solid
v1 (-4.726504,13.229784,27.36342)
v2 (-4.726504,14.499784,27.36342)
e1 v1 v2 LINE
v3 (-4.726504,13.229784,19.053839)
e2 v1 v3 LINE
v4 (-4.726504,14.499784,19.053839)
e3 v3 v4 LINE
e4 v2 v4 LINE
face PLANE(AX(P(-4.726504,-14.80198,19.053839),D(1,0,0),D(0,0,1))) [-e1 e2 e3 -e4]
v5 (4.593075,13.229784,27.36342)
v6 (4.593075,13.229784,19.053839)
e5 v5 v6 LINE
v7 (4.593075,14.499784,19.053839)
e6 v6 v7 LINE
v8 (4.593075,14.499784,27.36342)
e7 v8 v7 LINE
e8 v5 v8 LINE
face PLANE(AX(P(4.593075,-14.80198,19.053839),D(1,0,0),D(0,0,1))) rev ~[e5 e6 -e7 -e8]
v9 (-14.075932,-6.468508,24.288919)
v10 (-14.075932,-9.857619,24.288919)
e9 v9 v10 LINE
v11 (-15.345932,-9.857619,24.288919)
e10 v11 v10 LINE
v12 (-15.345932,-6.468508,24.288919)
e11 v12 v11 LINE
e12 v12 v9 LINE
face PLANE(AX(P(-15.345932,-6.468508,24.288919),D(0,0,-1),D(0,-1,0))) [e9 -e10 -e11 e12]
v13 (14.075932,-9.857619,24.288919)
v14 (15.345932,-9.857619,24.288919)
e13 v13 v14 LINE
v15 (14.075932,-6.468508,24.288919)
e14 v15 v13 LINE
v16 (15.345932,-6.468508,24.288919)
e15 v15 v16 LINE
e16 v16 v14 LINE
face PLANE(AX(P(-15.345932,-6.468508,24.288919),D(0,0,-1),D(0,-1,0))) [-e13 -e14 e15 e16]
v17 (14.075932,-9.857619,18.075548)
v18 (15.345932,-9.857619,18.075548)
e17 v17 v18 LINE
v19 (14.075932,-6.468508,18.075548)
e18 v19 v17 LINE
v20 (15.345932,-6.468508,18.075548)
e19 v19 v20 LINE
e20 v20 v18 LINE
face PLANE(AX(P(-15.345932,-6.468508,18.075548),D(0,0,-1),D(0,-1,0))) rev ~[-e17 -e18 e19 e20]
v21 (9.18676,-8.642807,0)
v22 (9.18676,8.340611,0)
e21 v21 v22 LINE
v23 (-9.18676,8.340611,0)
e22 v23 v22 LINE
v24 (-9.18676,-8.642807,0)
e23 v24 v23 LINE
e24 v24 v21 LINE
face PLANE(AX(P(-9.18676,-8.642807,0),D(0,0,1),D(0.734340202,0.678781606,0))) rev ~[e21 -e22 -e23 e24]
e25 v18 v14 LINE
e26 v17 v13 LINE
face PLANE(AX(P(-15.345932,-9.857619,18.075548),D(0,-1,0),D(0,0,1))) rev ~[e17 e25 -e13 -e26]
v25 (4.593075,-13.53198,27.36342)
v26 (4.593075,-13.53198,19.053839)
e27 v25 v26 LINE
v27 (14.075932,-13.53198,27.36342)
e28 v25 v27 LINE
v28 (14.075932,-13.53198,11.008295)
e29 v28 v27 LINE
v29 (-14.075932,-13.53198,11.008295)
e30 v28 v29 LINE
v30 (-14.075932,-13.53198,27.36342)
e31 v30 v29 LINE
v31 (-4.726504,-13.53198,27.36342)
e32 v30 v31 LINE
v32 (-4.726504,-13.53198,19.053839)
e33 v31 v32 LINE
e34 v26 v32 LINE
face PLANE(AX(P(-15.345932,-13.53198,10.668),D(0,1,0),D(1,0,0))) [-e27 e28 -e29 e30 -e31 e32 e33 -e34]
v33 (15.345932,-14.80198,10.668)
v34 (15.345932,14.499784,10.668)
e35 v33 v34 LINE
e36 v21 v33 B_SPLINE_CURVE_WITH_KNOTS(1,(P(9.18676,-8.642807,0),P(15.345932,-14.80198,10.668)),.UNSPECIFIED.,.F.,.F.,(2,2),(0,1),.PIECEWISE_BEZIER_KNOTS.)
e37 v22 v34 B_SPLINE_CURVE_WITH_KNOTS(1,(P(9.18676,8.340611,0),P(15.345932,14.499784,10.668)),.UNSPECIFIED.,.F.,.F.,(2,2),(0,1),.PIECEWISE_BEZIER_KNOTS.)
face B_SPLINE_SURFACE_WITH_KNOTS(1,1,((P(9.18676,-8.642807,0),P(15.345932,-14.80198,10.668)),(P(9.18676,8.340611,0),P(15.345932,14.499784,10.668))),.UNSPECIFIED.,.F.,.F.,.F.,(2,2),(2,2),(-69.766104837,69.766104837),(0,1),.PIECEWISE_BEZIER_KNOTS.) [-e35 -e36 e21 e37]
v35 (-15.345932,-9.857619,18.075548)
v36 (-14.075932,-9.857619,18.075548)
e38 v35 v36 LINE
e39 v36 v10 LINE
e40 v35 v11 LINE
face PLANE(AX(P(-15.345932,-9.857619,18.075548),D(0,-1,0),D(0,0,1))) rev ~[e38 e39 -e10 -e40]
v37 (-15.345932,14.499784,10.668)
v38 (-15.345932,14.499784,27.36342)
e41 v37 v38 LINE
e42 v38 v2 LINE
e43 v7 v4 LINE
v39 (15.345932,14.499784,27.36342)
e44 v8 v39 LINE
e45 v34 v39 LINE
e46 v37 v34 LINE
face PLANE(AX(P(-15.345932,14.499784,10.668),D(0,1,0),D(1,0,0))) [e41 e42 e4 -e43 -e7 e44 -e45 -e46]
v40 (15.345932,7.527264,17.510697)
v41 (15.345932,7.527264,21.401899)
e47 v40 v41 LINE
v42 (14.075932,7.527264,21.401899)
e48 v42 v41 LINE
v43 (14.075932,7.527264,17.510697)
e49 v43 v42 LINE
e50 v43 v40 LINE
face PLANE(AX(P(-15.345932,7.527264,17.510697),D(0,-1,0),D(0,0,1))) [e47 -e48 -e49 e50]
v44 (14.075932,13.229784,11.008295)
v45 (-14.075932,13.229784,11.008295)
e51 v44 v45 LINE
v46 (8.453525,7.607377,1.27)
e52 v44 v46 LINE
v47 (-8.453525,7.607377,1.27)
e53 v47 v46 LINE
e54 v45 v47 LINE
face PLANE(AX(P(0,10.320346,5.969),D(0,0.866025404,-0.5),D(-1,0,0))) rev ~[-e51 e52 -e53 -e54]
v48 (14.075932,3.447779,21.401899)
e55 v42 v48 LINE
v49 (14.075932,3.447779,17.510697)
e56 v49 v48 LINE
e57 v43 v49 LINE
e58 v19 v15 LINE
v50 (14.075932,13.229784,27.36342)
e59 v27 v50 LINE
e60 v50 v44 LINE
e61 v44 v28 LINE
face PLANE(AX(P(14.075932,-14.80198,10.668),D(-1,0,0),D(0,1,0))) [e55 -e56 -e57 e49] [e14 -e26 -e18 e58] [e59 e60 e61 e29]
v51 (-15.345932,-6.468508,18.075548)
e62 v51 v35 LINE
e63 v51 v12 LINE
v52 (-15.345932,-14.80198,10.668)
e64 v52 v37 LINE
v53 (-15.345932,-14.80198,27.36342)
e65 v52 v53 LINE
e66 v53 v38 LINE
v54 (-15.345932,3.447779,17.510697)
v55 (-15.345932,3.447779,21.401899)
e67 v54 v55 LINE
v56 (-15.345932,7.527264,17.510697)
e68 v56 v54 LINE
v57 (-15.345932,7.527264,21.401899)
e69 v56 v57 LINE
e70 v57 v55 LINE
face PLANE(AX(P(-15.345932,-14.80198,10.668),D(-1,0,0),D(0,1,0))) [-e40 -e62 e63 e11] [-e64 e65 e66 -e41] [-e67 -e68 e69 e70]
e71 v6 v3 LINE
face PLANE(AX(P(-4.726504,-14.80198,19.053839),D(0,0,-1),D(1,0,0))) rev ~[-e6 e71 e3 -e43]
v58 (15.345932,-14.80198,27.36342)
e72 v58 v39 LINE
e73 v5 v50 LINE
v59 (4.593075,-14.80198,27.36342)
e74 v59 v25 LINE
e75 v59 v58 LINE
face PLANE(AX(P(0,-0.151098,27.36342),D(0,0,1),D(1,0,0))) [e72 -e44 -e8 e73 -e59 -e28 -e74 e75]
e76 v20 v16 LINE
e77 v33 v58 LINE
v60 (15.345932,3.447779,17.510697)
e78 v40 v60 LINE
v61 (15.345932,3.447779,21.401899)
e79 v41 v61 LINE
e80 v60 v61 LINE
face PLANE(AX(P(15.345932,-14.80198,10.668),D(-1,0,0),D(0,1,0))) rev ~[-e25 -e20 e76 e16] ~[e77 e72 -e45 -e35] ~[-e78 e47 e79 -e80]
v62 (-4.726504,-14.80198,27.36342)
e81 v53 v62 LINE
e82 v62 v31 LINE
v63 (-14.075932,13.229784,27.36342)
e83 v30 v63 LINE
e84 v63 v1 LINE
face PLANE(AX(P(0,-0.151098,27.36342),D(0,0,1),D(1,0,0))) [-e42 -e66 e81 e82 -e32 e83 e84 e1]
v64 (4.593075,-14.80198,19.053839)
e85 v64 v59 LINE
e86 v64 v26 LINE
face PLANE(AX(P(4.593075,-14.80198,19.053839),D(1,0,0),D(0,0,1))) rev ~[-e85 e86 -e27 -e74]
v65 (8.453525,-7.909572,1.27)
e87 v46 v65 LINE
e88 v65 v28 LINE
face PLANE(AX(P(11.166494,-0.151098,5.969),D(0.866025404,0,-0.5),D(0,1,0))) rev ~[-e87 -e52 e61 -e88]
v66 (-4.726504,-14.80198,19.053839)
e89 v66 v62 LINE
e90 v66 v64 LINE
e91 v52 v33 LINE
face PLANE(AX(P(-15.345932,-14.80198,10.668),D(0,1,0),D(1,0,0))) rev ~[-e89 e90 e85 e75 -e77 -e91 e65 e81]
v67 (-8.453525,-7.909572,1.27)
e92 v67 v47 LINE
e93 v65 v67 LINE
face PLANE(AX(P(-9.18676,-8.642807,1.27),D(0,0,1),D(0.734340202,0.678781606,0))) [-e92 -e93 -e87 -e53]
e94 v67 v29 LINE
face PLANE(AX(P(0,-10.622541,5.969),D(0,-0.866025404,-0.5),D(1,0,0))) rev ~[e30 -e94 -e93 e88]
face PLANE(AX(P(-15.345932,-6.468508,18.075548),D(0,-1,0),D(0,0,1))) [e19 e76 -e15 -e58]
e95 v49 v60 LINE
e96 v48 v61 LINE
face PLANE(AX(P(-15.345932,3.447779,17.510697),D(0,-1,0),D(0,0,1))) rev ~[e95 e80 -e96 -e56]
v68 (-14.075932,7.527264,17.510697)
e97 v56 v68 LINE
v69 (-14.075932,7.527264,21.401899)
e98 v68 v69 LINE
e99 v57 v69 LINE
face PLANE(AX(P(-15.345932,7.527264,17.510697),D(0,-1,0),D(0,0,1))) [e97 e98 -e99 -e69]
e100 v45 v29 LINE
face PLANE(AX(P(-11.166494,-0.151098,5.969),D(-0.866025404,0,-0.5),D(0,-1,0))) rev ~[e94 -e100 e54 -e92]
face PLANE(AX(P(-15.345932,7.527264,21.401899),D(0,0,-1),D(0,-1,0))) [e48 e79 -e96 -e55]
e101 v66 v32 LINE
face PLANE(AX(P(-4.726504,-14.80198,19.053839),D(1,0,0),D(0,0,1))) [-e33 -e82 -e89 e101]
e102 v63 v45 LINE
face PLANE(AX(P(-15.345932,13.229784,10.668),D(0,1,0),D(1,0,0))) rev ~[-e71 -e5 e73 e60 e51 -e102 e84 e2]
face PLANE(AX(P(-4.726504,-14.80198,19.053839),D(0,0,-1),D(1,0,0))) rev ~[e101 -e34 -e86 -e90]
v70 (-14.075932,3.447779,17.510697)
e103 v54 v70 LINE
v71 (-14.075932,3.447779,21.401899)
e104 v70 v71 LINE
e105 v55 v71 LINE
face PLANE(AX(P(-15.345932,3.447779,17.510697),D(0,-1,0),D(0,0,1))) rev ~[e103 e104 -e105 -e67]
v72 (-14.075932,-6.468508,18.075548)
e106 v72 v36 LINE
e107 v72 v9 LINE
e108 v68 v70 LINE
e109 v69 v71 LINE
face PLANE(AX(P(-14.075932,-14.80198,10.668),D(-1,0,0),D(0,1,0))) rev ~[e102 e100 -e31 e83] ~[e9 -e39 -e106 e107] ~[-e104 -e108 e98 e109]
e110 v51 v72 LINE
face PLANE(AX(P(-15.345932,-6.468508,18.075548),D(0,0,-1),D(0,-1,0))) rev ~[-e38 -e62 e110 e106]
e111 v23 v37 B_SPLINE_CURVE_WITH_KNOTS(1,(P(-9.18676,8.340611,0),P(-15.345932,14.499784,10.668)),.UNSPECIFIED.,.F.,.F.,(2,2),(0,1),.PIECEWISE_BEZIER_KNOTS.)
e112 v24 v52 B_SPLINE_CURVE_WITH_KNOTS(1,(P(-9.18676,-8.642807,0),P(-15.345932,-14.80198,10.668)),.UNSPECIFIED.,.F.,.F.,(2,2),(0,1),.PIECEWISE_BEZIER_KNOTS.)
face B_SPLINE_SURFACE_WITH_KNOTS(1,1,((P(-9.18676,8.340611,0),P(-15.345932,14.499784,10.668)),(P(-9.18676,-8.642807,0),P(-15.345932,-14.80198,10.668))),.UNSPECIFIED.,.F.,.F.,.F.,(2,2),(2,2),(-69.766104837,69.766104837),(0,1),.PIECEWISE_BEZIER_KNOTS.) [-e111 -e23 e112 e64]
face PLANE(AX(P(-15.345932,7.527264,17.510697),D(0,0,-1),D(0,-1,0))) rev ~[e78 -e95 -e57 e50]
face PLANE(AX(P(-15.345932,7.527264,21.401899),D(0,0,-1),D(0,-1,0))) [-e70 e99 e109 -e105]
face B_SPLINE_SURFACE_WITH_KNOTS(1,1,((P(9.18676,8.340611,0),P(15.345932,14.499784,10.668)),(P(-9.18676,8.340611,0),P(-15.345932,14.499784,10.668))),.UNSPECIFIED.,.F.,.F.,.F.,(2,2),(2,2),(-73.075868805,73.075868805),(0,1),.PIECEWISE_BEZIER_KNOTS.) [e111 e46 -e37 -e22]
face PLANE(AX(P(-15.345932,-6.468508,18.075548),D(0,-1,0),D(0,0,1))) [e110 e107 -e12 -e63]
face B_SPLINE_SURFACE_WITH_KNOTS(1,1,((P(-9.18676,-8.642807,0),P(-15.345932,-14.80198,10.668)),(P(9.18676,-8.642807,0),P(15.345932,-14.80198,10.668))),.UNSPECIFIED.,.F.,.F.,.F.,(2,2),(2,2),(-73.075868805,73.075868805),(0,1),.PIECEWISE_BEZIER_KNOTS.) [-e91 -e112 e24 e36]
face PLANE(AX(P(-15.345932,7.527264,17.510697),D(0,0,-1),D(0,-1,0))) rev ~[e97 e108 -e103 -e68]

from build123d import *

# Parameters (mm, degrees)
F0_W      = 87.4929502606
F0_H      = 80.8734223247
F1_DEPTH  = 50.8
F1_TAPER  = -30
F3_W      = 88.9319777489
F3_H      = 89.219789952
F2_W      = 146.1517376103
F2_H      = 139.5322096743
F4_DEPTH  = 79.502
F6_SCALE  = 0.21
F7_T      = -1.27
F8_W      = 4.72650351
F8_H      = 8.3095808529
F8_W_2    = 4.5930747874
F9_DEPTH  = 29.3027641316
F10_W     = 3.3891107887
F10_H     = 6.2133707106
F10_W_2   = 4.0794850793
F10_H_2   = 3.8912016898
F11_DEPTH = 30.6928649982


with BuildPart() as f1:
    # F0 (on Top) → F1 (new body)
    with BuildSketch(Plane.XY):
        with Locations((0, -0.7195137441)):
            Rectangle(F0_W, F0_H)
    extrude(amount=F1_DEPTH, taper=F1_TAPER)

    # F3 (on face) + F2 (on face) → F4 (join)
    with BuildSketch(Plane.XY.offset(50.8)):
        with Locations((1.0073184967, -1.4390293509)):
            Rectangle(F3_W, F3_H)
    with BuildSketch(Plane.XY.offset(50.8)):
        with Locations((0, -0.7195137441)):
            Rectangle(F2_W, F2_H)
    extrude(amount=F4_DEPTH)


with BuildPart() as f1_1:
    # F6: moved
    add(f1.part.scale(F6_SCALE))

    # F7
    f7_openings = [f1_1.faces().sort_by_distance(p)[0] for p in [
        (0, -0.151098, 27.36342),
    ]]
    offset(amount=F7_T, openings=f7_openings)

    # F8 (on face) → F9 (cut, through all)
    with BuildSketch(Plane.XZ.offset(14.8019799021)):
        with Locations((-2.363251755, 23.2086295735)):
            Rectangle(F8_W, F8_H)
        with Locations((2.2965373937, 23.2086295735)):
            Rectangle(F8_W_2, F8_H)
    extrude(amount=-F9_DEPTH, mode=Mode.SUBTRACT)

    # F10 (on face) → F11 (cut, through all)
    with BuildSketch(Plane(origin=(-15.3459324491, 0, 0), x_dir=(0, -1, 0), z_dir=(-1, 0, 0))):
        with Locations((8.1630637869, 21.1822334677)):
            Rectangle(F10_W, F10_H)
        with Locations((-5.4875212954, 19.4562980905)):
            Rectangle(F10_W_2, F10_H_2)
    extrude(amount=-F11_DEPTH, mode=Mode.SUBTRACT)


solid = f1_1.part
